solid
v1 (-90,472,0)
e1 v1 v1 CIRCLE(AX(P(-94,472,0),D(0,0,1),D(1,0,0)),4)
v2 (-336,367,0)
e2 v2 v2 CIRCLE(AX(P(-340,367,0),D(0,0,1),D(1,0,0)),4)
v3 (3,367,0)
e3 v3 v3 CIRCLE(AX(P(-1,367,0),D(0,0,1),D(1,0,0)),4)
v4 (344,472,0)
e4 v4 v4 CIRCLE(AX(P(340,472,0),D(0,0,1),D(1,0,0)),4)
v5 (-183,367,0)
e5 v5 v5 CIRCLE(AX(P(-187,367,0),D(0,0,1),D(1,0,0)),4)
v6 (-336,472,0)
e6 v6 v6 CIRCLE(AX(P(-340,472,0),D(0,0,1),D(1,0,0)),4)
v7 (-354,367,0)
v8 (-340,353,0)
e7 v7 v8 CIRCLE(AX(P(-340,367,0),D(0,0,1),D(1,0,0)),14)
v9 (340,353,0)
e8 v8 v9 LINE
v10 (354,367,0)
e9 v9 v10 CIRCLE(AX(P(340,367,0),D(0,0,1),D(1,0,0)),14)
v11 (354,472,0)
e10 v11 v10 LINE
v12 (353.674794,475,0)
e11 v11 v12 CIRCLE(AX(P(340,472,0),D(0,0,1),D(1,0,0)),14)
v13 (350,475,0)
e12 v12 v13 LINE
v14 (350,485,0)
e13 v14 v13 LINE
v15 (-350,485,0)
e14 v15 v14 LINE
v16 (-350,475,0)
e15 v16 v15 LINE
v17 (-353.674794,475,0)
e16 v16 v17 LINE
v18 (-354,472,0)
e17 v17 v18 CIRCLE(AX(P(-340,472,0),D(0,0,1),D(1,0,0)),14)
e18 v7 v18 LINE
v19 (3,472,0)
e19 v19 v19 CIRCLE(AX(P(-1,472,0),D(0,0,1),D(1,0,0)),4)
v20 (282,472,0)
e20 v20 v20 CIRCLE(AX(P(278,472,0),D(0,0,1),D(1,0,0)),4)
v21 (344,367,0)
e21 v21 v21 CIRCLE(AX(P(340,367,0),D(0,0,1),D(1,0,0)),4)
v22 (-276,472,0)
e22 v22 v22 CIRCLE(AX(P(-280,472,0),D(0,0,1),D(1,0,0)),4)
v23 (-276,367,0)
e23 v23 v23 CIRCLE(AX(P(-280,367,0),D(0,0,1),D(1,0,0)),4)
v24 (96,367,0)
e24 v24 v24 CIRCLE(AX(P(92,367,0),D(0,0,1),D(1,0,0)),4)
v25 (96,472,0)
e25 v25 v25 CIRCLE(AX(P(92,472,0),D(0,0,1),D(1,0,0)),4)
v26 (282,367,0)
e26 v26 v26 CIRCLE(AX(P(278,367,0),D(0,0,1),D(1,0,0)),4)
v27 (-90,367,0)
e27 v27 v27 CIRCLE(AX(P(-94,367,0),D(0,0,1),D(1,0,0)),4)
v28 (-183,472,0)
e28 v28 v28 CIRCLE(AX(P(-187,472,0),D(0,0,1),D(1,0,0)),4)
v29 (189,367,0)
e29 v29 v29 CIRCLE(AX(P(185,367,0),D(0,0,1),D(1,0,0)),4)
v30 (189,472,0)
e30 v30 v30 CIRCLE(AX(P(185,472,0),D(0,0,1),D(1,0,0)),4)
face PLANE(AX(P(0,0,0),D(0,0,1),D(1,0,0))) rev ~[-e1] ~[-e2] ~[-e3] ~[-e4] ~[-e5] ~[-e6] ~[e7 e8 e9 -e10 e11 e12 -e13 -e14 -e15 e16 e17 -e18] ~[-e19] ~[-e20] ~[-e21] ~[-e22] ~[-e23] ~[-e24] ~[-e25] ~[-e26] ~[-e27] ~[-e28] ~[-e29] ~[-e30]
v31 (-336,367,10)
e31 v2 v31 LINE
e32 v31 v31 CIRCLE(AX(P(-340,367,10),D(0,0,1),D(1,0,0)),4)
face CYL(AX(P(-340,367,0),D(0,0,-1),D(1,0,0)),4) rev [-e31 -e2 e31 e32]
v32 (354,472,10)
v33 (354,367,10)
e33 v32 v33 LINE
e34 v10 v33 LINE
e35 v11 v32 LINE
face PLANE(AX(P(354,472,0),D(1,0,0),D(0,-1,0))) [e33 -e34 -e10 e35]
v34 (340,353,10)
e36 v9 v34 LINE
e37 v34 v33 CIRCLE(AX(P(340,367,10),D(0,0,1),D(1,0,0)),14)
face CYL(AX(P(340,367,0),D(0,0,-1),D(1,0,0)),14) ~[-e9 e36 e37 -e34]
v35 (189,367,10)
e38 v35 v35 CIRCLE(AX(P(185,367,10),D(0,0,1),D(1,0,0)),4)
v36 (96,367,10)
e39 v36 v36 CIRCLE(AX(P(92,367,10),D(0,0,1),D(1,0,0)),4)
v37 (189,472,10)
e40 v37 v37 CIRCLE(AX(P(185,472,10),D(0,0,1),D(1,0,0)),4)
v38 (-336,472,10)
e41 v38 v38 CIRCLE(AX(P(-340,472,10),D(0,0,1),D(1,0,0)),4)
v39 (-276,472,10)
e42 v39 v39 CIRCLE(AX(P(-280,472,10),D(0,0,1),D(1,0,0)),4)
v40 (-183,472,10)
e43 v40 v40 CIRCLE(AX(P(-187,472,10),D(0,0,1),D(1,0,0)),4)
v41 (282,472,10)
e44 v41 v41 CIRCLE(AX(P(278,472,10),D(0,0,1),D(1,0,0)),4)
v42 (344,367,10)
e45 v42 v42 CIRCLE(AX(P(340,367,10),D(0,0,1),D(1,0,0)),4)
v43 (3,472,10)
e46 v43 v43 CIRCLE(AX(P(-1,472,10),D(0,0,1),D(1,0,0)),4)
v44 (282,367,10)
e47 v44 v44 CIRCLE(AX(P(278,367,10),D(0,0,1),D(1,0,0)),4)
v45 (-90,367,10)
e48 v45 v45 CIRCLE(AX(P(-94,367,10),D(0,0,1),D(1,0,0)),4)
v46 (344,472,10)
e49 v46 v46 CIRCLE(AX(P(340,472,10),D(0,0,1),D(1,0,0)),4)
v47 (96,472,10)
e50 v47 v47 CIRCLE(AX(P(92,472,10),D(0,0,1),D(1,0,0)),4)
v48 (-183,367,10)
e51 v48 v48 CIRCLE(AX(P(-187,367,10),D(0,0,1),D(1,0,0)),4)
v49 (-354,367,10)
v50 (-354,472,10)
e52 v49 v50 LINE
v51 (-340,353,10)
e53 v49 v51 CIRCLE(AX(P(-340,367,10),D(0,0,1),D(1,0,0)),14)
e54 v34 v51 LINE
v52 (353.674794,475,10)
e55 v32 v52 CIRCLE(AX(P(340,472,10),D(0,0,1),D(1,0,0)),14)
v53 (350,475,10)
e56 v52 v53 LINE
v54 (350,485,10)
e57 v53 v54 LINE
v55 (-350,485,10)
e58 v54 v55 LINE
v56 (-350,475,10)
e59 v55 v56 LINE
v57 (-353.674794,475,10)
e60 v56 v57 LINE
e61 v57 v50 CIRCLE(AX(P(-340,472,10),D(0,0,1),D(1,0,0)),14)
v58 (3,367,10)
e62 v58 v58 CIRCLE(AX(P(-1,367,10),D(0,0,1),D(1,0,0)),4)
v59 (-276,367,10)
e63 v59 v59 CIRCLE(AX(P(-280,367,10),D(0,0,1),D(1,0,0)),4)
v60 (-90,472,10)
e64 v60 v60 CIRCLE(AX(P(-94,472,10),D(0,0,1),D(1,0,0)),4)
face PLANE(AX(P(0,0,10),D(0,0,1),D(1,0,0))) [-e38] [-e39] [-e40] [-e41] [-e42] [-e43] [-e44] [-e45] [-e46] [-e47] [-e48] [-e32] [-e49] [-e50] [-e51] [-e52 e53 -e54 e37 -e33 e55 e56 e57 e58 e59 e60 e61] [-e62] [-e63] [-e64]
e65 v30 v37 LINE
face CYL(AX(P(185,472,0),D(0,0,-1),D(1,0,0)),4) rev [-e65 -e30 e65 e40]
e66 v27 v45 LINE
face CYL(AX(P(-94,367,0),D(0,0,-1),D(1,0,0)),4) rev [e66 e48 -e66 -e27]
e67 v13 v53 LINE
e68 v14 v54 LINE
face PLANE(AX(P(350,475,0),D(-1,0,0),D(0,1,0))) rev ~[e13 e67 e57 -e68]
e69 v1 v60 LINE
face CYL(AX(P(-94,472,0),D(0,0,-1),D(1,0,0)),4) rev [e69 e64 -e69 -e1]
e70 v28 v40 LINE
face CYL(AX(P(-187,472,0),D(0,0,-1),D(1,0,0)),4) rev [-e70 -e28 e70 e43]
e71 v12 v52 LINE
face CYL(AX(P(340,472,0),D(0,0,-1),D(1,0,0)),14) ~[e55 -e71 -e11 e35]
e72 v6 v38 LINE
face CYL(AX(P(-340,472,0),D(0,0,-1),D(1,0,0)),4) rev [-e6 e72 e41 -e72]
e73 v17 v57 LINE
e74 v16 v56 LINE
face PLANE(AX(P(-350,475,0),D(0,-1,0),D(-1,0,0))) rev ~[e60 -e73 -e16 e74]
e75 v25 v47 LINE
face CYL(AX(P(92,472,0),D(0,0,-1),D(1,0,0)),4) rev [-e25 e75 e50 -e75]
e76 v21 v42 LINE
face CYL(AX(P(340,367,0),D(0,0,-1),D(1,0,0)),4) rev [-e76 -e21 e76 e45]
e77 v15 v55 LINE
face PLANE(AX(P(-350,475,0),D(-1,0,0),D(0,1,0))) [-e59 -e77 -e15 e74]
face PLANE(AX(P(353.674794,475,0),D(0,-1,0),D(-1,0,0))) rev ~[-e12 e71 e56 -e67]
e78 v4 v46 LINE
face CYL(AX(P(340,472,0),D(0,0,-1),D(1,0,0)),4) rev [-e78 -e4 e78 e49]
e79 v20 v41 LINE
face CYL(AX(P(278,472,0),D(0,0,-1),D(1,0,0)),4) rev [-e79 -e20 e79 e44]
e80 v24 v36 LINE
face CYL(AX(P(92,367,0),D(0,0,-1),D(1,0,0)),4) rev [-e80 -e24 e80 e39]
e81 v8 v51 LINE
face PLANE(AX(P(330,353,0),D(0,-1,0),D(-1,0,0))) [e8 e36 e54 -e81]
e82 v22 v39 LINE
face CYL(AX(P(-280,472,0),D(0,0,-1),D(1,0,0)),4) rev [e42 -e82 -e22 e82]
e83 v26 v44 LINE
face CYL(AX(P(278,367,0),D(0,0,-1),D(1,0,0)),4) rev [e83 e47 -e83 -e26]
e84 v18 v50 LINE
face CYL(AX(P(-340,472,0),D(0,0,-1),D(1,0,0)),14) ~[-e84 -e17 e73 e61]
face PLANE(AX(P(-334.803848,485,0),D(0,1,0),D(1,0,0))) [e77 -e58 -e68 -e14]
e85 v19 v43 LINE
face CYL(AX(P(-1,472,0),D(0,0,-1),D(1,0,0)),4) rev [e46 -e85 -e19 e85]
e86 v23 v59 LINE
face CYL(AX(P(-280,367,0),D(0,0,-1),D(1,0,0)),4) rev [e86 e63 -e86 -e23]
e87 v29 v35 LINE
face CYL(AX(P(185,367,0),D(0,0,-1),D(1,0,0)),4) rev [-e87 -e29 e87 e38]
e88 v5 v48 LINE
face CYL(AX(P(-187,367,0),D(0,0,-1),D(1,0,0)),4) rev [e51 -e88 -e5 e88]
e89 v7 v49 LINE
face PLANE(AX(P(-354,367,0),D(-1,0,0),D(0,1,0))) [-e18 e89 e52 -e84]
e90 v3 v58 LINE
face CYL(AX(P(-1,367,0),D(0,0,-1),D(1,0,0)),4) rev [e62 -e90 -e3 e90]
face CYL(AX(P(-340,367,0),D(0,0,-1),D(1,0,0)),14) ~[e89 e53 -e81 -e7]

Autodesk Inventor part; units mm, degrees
ref_plane "YZ Plane" through (0, 0, 0) normal (1, 0, 0) x (0, 1, 0)
ref_plane "XZ Plane" through (0, 0, 0) normal (0, 1, 0) x (-1, 0, 0)
ref_plane "XY Plane" through (0, 0, 0) normal (0, 0, 1) x (1, 0, 0)
ref_plane "РабПлоскость1" through (0, 0, 0) normal (0, 0, 1) x (1, 0, 0)
sketch "Эскиз1" plane through (0, 0, 0) normal (0, 0, 1) x (1, 0, 0)
  circle A0 centre (340, 472) radius 4 projected
  circle A1 centre (340, 367) radius 4 projected
  circle A2 centre (340, 322.8) radius 4 projected
  circle A3 centre (340, 218.5) radius 4 projected
  circle A4 centre (340, 114.2) radius 4 projected
  circle A5 centre (340, 9.9) radius 4 projected
  circle A6 centre (340, -94.4) radius 4 projected
  circle A7 centre (340, -198.7) radius 4 projected
  circle A8 centre (340, -303) radius 4 projected
  circle A9 centre (340, -347) radius 4 projected
  circle A10 centre (340, -407) radius 4 projected
  circle A11 centre (340, -467) radius 4 projected
  circle A12 centre (278, 472) radius 4 projected
  circle A13 centre (185, 472) radius 4 projected
  circle A14 centre (92, 472) radius 4 projected
  circle A15 centre (-1, 472) radius 4 projected
  circle A16 centre (-94, 472) radius 4 projected
  circle A17 centre (-187, 472) radius 4 projected
  circle A18 centre (-280, 472) radius 4 projected
  circle A19 centre (-340, 472) radius 4 projected
  circle A20 centre (-340, 367) radius 4 projected
  circle A21 centre (-340, 322.8) radius 4 projected
  circle A22 centre (-340, 218.5) radius 4 projected
  circle A23 centre (-340, 114.2) radius 4 projected
  circle A24 centre (-340, 9.9) radius 4 projected
  circle A25 centre (-340, -94.4) radius 4 projected
  circle A26 centre (-340, -198.7) radius 4 projected
  circle A27 centre (-340, -303) radius 4 projected
  circle A28 centre (-340, -347) radius 4 projected
  circle A29 centre (-340, -407) radius 4 projected
  circle A30 centre (-340, -467) radius 4 projected
  line L0 (165, -460) -> (165, -485) projected
  line L1 (185, -485) -> (165, -485) projected
  line L2 (185, -475) -> (185, -485) projected
  line L3 (185, -475) -> (380, -475) projected
  line L4 (380, 475) -> (350, 475) projected
  line L5 (350, 475) -> (350, 485) projected
  line L6 (-350, 485) -> (350, 485) projected
  line L7 (-350, 475) -> (-350, 485) projected
  line L8 (-350, 475) -> (-380, 475) projected
  line L9 (-380, -475) -> (-185, -475) projected
  line L10 (-185, -475) -> (-185, -485) projected
  line L11 (-165, -485) -> (-185, -485) projected
  line L12 (-165, -485) -> (-165, -460) projected
  line L13 (-165, -460) -> (-330, -460) projected
  line L14 (-330, 460) -> (-330, -460) projected
  line L15 (-330, 460) -> (330, 460) projected
  line L16 (330, -460) -> (330, 460) projected
  line L17 (330, -460) -> (165, -460) projected
  circle A31 centre (278, 367) radius 4 projected
  circle A32 centre (185, 367) radius 4 projected
  circle A33 centre (92, 367) radius 4 projected
  circle A34 centre (-1, 367) radius 4 projected
  circle A35 centre (-94, 367) radius 4 projected
  circle A36 centre (-187, 367) radius 4 projected
  circle A37 centre (-280, 367) radius 4 projected
  circle A38 centre (278, 323) radius 4 projected
  circle A39 centre (185, 323) radius 4 projected
  circle A40 centre (92, 323) radius 4 projected
  circle A41 centre (-1, 323) radius 4 projected
  circle A42 centre (-94, 323) radius 4 projected
  circle A43 centre (-187, 323) radius 4 projected
  circle A44 centre (-280, 323) radius 4 projected
  line L18 (-330, 379) -> (-330, 311) projected
  line L19 (-330, 311) -> (330, 311) projected
  line L20 (330, 379) -> (330, 311) projected
  line L21 (-330, 379) -> (330, 379) projected
  circle A45 centre (340, 367) radius 14
  circle A46 centre (-340, 367) radius 14
  circle A47 centre (-340, 472) radius 14
  circle A48 centre (340, 472) radius 14
  line L22 (354, 472) -> (354, 367)
  line L23 (340, 353) -> (-340, 353)
  line L24 (-354, 367) -> (-354, 472)
  spline S0 degree 3 poles (-370, 316.7157) (-371.226, 316.7157) (-372.452, 316.5956) (-375.5798, 315.9798) (-377.4441, 315.3011) (-379.4493, 314.2131) (-379.7267, 314.0539) (-380, 313.8881) knots 25.431649 25.431649 25.431649 25.431649 25.799448 25.799448 26.387926 26.387926 26.483827 26.483827 26.483827 26.483827 projected
  spline S1 degree 3 poles (-360, 299.3952) (-360, 300.6696) (-360.1945, 302.0462) (-360.9458, 304.7063) (-361.4997, 305.9906) (-363.0323, 308.8381) (-364.2894, 310.5672) (-367.0866, 313.808) (-368.6145, 315.3302) (-370, 316.7157) knots 0 0 0 0 0.382316 0.382316 0.764632 0.764632 1.352446 1.352446 1.94026 1.94026 1.94026 1.94026 projected
  line L25 (-360, 299.3952) -> (-360, 277.9108) projected
  spline S2 degree 3 poles (-370, 260.5903) (-368.6145, 261.9758) (-367.0866, 263.498) (-364.2894, 266.7388) (-363.0323, 268.4679) (-361.4997, 271.3154) (-360.9458, 272.5997) (-360.1945, 275.2598) (-360, 276.6364) (-360, 277.9108) knots 5.055322 5.055322 5.055322 5.055322 5.643136 5.643136 6.230951 6.230951 6.613267 6.613267 6.995583 6.995583 6.995583 6.995583 projected
  spline S3 degree 3 poles (-380, 263.2891) (-378.6731, 262.5173) (-377.2567, 261.8994) (-373.9153, 260.8819) (-371.9577, 260.5903) (-370, 260.5903) knots 11.600008 11.600008 11.600008 11.600008 12.060517 12.060517 12.64782 12.64782 12.64782 12.64782 projected
  line L26 (-380, 263.2891) -> (-380, -243.2891) projected
  spline S4 degree 3 poles (-370, -240.5903) (-371.2894, -240.5903) (-372.5789, -240.7163) (-375.8683, -241.3651) (-377.8293, -242.082) (-379.7569, -243.1494) (-379.8788, -243.2186) (-380, -243.2891) knots 12.64782 12.64782 12.64782 12.64782 13.034648 13.034648 13.653574 13.653574 13.695631 13.695631 13.695631 13.695631 projected
  spline S5 degree 3 poles (-360, -257.9108) (-360, -256.6364) (-360.1945, -255.2598) (-360.9458, -252.5997) (-361.4997, -251.3154) (-363.0323, -248.4679) (-364.2894, -246.7388) (-367.0866, -243.498) (-368.6145, -241.9758) (-370, -240.5903) knots 0 0 0 0 0.382316 0.382316 0.764632 0.764632 1.352446 1.352446 1.94026 1.94026 1.94026 1.94026 projected
  line L27 (-360, -257.9108) -> (-360, -279.3952) projected
  spline S6 degree 3 poles (-370, -296.7157) (-368.6145, -295.3302) (-367.0866, -293.808) (-364.2894, -290.5672) (-363.0323, -288.8381) (-361.4997, -285.9906) (-360.9458, -284.7063) (-360.1945, -282.0462) (-360, -280.6696) (-360, -279.3952) knots 5.055322 5.055322 5.055322 5.055322 5.643136 5.643136 6.230951 6.230951 6.613267 6.613267 6.995583 6.995583 6.995583 6.995583 projected
  spline S7 degree 3 poles (-380, -293.8881) (-379.7267, -294.0539) (-379.4493, -294.2131) (-377.4441, -295.3011) (-375.5798, -295.9798) (-372.452, -296.5956) (-371.226, -296.7157) (-370, -296.7157) knots -1.052177 -1.052177 -1.052177 -1.052177 -0.956277 -0.956277 -0.367799 -0.367799 0 0 0 0 projected
  line L28 (-380, -293.8881) -> (-380, -356.1119) projected
  spline S8 degree 3 poles (-370, -353.2843) (-371.226, -353.2843) (-372.452, -353.4044) (-375.5798, -354.0202) (-377.4441, -354.6989) (-379.4493, -355.7869) (-379.7267, -355.9461) (-380, -356.1119) knots 12.715825 12.715825 12.715825 12.715825 13.083623 13.083623 13.672101 13.672101 13.768002 13.768002 13.768002 13.768002 projected
  spline S9 degree 3 poles (-360, -370.6048) (-360, -369.3304) (-360.1945, -367.9538) (-360.9458, -365.2937) (-361.4997, -364.0094) (-363.0323, -361.1619) (-364.2894, -359.4328) (-367.0866, -356.192) (-368.6145, -354.6698) (-370, -353.2843) knots 0 0 0 0 0.382316 0.382316 0.764632 0.764632 1.352446 1.352446 1.94026 1.94026 1.94026 1.94026 projected
  line L29 (-360, -370.6048) -> (-360, -392.0892) projected
  spline S10 degree 3 poles (-370, -409.4097) (-368.6145, -408.0242) (-367.0866, -406.502) (-364.2894, -403.2612) (-363.0323, -401.5321) (-361.4997, -398.6846) (-360.9458, -397.4003) (-360.1945, -394.7402) (-360, -393.3636) (-360, -392.0892) knots 5.055322 5.055322 5.055322 5.055322 5.643136 5.643136 6.230951 6.230951 6.613267 6.613267 6.995583 6.995583 6.995583 6.995583 projected
  spline S11 degree 3 poles (-380, -406.7109) (-379.8788, -406.7814) (-379.7569, -406.8506) (-377.8293, -407.918) (-375.8683, -408.6349) (-372.5789, -409.2837) (-371.2894, -409.4097) (-370, -409.4097) knots -1.047812 -1.047812 -1.047812 -1.047812 -1.005754 -1.005754 -0.386829 -0.386829 0 0 0 0 projected
  line L30 (-380, -406.7109) -> (-380, -475) projected
  line L31 (380, -475) -> (380, -406.7109) projected
  spline S12 degree 3 poles (370, -409.4097) (371.2894, -409.4097) (372.5789, -409.2837) (375.8683, -408.6349) (377.8293, -407.918) (379.7569, -406.8506) (379.8788, -406.7814) (380, -406.7109) knots 12.64782 12.64782 12.64782 12.64782 13.034648 13.034648 13.653574 13.653574 13.695631 13.695631 13.695631 13.695631 projected
  spline S13 degree 3 poles (360, -392.0892) (360, -393.3636) (360.1945, -394.7402) (360.9458, -397.4003) (361.4997, -398.6846) (363.0323, -401.5321) (364.2894, -403.2612) (367.0866, -406.502) (368.6145, -408.0242) (370, -409.4097) knots 0 0 0 0 0.382316 0.382316 0.764632 0.764632 1.352446 1.352446 1.94026 1.94026 1.94026 1.94026 projected
  line L32 (360, -392.0892) -> (360, -370.6048) projected
  spline S14 degree 3 poles (370, -353.2843) (368.6145, -354.6698) (367.0866, -356.192) (364.2894, -359.4328) (363.0323, -361.1619) (361.4997, -364.0094) (360.9458, -365.2937) (360.1945, -367.9538) (360, -369.3304) (360, -370.6048) knots 5.055322 5.055322 5.055322 5.055322 5.643136 5.643136 6.230951 6.230951 6.613267 6.613267 6.995583 6.995583 6.995583 6.995583 projected
  spline S15 degree 3 poles (380, -356.1119) (378.2451, -355.0477) (376.3252, -354.255) (372.9103, -353.4538) (371.4552, -353.2843) (370, -353.2843) knots -1.052177 -1.052177 -1.052177 -1.052177 -0.436564 -0.436564 0 0 0 0 projected
  line L33 (380, -356.1119) -> (380, -293.8881) projected
  spline S16 degree 3 poles (370, -296.7157) (371.226, -296.7157) (372.452, -296.5956) (375.5798, -295.9798) (377.4441, -295.3011) (379.4493, -294.2131) (379.7267, -294.0539) (380, -293.8881) knots 12.715825 12.715825 12.715825 12.715825 13.083623 13.083623 13.672101 13.672101 13.768002 13.768002 13.768002 13.768002 projected
  spline S17 degree 3 poles (360, -279.3952) (360, -280.6696) (360.1945, -282.0462) (360.9458, -284.7063) (361.4997, -285.9906) (363.0323, -288.8381) (364.2894, -290.5672) (367.0866, -293.808) (368.6145, -295.3302) (370, -296.7157) knots 0 0 0 0 0.382316 0.382316 0.764632 0.764632 1.352446 1.352446 1.94026 1.94026 1.94026 1.94026 projected
  line L34 (360, -279.3952) -> (360, -257.9108) projected
  spline S18 degree 3 poles (370, -240.5903) (368.6145, -241.9758) (367.0866, -243.498) (364.2894, -246.7388) (363.0323, -248.4679) (361.4997, -251.3154) (360.9458, -252.5997) (360.1945, -255.2598) (360, -256.6364) (360, -257.9108) knots 5.055322 5.055322 5.055322 5.055322 5.643136 5.643136 6.230951 6.230951 6.613267 6.613267 6.995583 6.995583 6.995583 6.995583 projected
  spline S19 degree 3 poles (380, -243.2891) (378.6731, -242.5173) (377.2567, -241.8994) (373.9153, -240.8819) (371.9577, -240.5903) (370, -240.5903) knots 11.600008 11.600008 11.600008 11.600008 12.060517 12.060517 12.64782 12.64782 12.64782 12.64782 projected
  line L35 (380, -243.2891) -> (380, 263.2891) projected
  spline S20 degree 3 poles (370, 260.5903) (371.2894, 260.5903) (372.5789, 260.7163) (375.8683, 261.3651) (377.8293, 262.082) (379.7569, 263.1494) (379.8788, 263.2186) (380, 263.2891) knots 25.295639 25.295639 25.295639 25.295639 25.682468 25.682468 26.301393 26.301393 26.343451 26.343451 26.343451 26.343451 projected
  spline S21 degree 3 poles (360, 277.9108) (360, 276.6364) (360.1945, 275.2598) (360.9458, 272.5997) (361.4997, 271.3154) (363.0323, 268.4679) (364.2894, 266.7388) (367.0866, 263.498) (368.6145, 261.9758) (370, 260.5903) knots 0 0 0 0 0.382316 0.382316 0.764632 0.764632 1.352446 1.352446 1.94026 1.94026 1.94026 1.94026 projected
  line L36 (360, 277.9108) -> (360, 299.3952) projected
  spline S22 degree 3 poles (370, 316.7157) (368.6145, 315.3302) (367.0866, 313.808) (364.2894, 310.5672) (363.0323, 308.8381) (361.4997, 305.9906) (360.9458, 304.7063) (360.1945, 302.0462) (360, 300.6696) (360, 299.3952) knots 5.055322 5.055322 5.055322 5.055322 5.643136 5.643136 6.230951 6.230951 6.613267 6.613267 6.995583 6.995583 6.995583 6.995583 projected
  spline S23 degree 3 poles (380, 313.8881) (379.7267, 314.0539) (379.4493, 314.2131) (377.4441, 315.3011) (375.5798, 315.9798) (372.452, 316.5956) (371.226, 316.7157) (370, 316.7157) knots -1.052177 -1.052177 -1.052177 -1.052177 -0.956277 -0.956277 -0.367799 -0.367799 0 0 0 0 projected
  line L37 (380, 313.8881) -> (380, 376.1119) projected
  spline S24 degree 3 poles (370, 373.2843) (371.226, 373.2843) (372.452, 373.4044) (375.5798, 374.0202) (377.4441, 374.6989) (379.4493, 375.7869) (379.7267, 375.9461) (380, 376.1119) knots 25.431649 25.431649 25.431649 25.431649 25.799448 25.799448 26.387926 26.387926 26.483827 26.483827 26.483827 26.483827 projected
  spline S25 degree 3 poles (360, 390.6048) (360, 389.3304) (360.1945, 387.9538) (360.9458, 385.2937) (361.4997, 384.0094) (363.0323, 381.1619) (364.2894, 379.4328) (367.0866, 376.192) (368.6145, 374.6698) (370, 373.2843) knots 0 0 0 0 0.382316 0.382316 0.764632 0.764632 1.352446 1.352446 1.94026 1.94026 1.94026 1.94026 projected
  line L38 (360, 390.6048) -> (360, 412.0892) projected
  spline S26 degree 3 poles (370, 429.4097) (368.6145, 428.0242) (367.0866, 426.502) (364.2894, 423.2612) (363.0323, 421.5321) (361.4997, 418.6846) (360.9458, 417.4003) (360.1945, 414.7402) (360, 413.3636) (360, 412.0892) knots 5.055322 5.055322 5.055322 5.055322 5.643136 5.643136 6.230951 6.230951 6.613267 6.613267 6.995583 6.995583 6.995583 6.995583 projected
  spline S27 degree 3 poles (380, 426.7109) (378.6731, 427.4827) (377.2567, 428.1006) (373.9153, 429.1181) (371.9577, 429.4097) (370, 429.4097) knots -1.047812 -1.047812 -1.047812 -1.047812 -0.587302 -0.587302 0 0 0 0 projected
  line L39 (380, 426.7109) -> (380, 475) projected
  line L40 (-380, 475) -> (-380, 426.7109) projected
  spline S28 degree 3 poles (-370, 429.4097) (-371.2894, 429.4097) (-372.5789, 429.2837) (-375.8683, 428.6349) (-377.8293, 427.918) (-379.7569, 426.8506) (-379.8788, 426.7814) (-380, 426.7109) knots 12.64782 12.64782 12.64782 12.64782 13.034648 13.034648 13.653574 13.653574 13.695631 13.695631 13.695631 13.695631 projected
  spline S29 degree 3 poles (-360, 412.0892) (-360, 413.3636) (-360.1945, 414.7402) (-360.9458, 417.4003) (-361.4997, 418.6846) (-363.0323, 421.5321) (-364.2894, 423.2612) (-367.0866, 426.502) (-368.6145, 428.0242) (-370, 429.4097) knots 0 0 0 0 0.382316 0.382316 0.764632 0.764632 1.352446 1.352446 1.94026 1.94026 1.94026 1.94026 projected
  line L41 (-360, 412.0892) -> (-360, 390.6048) projected
  spline S30 degree 3 poles (-370, 373.2843) (-368.6145, 374.6698) (-367.0866, 376.192) (-364.2894, 379.4328) (-363.0323, 381.1619) (-361.4997, 384.0094) (-360.9458, 385.2937) (-360.1945, 387.9538) (-360, 389.3304) (-360, 390.6048) knots 5.055322 5.055322 5.055322 5.055322 5.643136 5.643136 6.230951 6.230951 6.613267 6.613267 6.995583 6.995583 6.995583 6.995583 projected
  spline S31 degree 3 poles (-380, 376.1119) (-379.7267, 375.9461) (-379.4493, 375.7869) (-377.4441, 374.6989) (-375.5798, 374.0202) (-372.452, 373.4044) (-371.226, 373.2843) (-370, 373.2843) knots -1.052177 -1.052177 -1.052177 -1.052177 -0.956277 -0.956277 -0.367799 -0.367799 0 0 0 0 projected
  line L42 (-380, 376.1119) -> (-380, 313.8881) projected
  point P0 (0, 0)
  point P1 (353.6748, 475)
  point P2 (350, 481.798)
  point P3 (345.1962, 485)
  point P4 (-345.1962, 485)
  point P5 (-350, 481.798)
  point P6 (-353.6748, 475)
  dimension "d0" = 10
  dimension "d1" = 10
  dimension "d2" = 10
  dimension "d3" = 10
extrude "Выдавливание1" add sketch "Эскиз1" along normal blind 10 contours L23 L14 A46 L21 L16 A45 | L16 A45 L23 | A45 L16 | L16 A45 | L23 A46 L14 | L16 L15 L14 A46 L24 A47 L6 A48 L22 A45 | A46 L14 | L14 A46 | L21 L14 L15 L16 | A48 L6 L5 L4 | A47 L8 L7 L6 | A48 L6 L5 | A47 L7 L6
properties part number "Крышка картера 3" material "Чугун, серый"
